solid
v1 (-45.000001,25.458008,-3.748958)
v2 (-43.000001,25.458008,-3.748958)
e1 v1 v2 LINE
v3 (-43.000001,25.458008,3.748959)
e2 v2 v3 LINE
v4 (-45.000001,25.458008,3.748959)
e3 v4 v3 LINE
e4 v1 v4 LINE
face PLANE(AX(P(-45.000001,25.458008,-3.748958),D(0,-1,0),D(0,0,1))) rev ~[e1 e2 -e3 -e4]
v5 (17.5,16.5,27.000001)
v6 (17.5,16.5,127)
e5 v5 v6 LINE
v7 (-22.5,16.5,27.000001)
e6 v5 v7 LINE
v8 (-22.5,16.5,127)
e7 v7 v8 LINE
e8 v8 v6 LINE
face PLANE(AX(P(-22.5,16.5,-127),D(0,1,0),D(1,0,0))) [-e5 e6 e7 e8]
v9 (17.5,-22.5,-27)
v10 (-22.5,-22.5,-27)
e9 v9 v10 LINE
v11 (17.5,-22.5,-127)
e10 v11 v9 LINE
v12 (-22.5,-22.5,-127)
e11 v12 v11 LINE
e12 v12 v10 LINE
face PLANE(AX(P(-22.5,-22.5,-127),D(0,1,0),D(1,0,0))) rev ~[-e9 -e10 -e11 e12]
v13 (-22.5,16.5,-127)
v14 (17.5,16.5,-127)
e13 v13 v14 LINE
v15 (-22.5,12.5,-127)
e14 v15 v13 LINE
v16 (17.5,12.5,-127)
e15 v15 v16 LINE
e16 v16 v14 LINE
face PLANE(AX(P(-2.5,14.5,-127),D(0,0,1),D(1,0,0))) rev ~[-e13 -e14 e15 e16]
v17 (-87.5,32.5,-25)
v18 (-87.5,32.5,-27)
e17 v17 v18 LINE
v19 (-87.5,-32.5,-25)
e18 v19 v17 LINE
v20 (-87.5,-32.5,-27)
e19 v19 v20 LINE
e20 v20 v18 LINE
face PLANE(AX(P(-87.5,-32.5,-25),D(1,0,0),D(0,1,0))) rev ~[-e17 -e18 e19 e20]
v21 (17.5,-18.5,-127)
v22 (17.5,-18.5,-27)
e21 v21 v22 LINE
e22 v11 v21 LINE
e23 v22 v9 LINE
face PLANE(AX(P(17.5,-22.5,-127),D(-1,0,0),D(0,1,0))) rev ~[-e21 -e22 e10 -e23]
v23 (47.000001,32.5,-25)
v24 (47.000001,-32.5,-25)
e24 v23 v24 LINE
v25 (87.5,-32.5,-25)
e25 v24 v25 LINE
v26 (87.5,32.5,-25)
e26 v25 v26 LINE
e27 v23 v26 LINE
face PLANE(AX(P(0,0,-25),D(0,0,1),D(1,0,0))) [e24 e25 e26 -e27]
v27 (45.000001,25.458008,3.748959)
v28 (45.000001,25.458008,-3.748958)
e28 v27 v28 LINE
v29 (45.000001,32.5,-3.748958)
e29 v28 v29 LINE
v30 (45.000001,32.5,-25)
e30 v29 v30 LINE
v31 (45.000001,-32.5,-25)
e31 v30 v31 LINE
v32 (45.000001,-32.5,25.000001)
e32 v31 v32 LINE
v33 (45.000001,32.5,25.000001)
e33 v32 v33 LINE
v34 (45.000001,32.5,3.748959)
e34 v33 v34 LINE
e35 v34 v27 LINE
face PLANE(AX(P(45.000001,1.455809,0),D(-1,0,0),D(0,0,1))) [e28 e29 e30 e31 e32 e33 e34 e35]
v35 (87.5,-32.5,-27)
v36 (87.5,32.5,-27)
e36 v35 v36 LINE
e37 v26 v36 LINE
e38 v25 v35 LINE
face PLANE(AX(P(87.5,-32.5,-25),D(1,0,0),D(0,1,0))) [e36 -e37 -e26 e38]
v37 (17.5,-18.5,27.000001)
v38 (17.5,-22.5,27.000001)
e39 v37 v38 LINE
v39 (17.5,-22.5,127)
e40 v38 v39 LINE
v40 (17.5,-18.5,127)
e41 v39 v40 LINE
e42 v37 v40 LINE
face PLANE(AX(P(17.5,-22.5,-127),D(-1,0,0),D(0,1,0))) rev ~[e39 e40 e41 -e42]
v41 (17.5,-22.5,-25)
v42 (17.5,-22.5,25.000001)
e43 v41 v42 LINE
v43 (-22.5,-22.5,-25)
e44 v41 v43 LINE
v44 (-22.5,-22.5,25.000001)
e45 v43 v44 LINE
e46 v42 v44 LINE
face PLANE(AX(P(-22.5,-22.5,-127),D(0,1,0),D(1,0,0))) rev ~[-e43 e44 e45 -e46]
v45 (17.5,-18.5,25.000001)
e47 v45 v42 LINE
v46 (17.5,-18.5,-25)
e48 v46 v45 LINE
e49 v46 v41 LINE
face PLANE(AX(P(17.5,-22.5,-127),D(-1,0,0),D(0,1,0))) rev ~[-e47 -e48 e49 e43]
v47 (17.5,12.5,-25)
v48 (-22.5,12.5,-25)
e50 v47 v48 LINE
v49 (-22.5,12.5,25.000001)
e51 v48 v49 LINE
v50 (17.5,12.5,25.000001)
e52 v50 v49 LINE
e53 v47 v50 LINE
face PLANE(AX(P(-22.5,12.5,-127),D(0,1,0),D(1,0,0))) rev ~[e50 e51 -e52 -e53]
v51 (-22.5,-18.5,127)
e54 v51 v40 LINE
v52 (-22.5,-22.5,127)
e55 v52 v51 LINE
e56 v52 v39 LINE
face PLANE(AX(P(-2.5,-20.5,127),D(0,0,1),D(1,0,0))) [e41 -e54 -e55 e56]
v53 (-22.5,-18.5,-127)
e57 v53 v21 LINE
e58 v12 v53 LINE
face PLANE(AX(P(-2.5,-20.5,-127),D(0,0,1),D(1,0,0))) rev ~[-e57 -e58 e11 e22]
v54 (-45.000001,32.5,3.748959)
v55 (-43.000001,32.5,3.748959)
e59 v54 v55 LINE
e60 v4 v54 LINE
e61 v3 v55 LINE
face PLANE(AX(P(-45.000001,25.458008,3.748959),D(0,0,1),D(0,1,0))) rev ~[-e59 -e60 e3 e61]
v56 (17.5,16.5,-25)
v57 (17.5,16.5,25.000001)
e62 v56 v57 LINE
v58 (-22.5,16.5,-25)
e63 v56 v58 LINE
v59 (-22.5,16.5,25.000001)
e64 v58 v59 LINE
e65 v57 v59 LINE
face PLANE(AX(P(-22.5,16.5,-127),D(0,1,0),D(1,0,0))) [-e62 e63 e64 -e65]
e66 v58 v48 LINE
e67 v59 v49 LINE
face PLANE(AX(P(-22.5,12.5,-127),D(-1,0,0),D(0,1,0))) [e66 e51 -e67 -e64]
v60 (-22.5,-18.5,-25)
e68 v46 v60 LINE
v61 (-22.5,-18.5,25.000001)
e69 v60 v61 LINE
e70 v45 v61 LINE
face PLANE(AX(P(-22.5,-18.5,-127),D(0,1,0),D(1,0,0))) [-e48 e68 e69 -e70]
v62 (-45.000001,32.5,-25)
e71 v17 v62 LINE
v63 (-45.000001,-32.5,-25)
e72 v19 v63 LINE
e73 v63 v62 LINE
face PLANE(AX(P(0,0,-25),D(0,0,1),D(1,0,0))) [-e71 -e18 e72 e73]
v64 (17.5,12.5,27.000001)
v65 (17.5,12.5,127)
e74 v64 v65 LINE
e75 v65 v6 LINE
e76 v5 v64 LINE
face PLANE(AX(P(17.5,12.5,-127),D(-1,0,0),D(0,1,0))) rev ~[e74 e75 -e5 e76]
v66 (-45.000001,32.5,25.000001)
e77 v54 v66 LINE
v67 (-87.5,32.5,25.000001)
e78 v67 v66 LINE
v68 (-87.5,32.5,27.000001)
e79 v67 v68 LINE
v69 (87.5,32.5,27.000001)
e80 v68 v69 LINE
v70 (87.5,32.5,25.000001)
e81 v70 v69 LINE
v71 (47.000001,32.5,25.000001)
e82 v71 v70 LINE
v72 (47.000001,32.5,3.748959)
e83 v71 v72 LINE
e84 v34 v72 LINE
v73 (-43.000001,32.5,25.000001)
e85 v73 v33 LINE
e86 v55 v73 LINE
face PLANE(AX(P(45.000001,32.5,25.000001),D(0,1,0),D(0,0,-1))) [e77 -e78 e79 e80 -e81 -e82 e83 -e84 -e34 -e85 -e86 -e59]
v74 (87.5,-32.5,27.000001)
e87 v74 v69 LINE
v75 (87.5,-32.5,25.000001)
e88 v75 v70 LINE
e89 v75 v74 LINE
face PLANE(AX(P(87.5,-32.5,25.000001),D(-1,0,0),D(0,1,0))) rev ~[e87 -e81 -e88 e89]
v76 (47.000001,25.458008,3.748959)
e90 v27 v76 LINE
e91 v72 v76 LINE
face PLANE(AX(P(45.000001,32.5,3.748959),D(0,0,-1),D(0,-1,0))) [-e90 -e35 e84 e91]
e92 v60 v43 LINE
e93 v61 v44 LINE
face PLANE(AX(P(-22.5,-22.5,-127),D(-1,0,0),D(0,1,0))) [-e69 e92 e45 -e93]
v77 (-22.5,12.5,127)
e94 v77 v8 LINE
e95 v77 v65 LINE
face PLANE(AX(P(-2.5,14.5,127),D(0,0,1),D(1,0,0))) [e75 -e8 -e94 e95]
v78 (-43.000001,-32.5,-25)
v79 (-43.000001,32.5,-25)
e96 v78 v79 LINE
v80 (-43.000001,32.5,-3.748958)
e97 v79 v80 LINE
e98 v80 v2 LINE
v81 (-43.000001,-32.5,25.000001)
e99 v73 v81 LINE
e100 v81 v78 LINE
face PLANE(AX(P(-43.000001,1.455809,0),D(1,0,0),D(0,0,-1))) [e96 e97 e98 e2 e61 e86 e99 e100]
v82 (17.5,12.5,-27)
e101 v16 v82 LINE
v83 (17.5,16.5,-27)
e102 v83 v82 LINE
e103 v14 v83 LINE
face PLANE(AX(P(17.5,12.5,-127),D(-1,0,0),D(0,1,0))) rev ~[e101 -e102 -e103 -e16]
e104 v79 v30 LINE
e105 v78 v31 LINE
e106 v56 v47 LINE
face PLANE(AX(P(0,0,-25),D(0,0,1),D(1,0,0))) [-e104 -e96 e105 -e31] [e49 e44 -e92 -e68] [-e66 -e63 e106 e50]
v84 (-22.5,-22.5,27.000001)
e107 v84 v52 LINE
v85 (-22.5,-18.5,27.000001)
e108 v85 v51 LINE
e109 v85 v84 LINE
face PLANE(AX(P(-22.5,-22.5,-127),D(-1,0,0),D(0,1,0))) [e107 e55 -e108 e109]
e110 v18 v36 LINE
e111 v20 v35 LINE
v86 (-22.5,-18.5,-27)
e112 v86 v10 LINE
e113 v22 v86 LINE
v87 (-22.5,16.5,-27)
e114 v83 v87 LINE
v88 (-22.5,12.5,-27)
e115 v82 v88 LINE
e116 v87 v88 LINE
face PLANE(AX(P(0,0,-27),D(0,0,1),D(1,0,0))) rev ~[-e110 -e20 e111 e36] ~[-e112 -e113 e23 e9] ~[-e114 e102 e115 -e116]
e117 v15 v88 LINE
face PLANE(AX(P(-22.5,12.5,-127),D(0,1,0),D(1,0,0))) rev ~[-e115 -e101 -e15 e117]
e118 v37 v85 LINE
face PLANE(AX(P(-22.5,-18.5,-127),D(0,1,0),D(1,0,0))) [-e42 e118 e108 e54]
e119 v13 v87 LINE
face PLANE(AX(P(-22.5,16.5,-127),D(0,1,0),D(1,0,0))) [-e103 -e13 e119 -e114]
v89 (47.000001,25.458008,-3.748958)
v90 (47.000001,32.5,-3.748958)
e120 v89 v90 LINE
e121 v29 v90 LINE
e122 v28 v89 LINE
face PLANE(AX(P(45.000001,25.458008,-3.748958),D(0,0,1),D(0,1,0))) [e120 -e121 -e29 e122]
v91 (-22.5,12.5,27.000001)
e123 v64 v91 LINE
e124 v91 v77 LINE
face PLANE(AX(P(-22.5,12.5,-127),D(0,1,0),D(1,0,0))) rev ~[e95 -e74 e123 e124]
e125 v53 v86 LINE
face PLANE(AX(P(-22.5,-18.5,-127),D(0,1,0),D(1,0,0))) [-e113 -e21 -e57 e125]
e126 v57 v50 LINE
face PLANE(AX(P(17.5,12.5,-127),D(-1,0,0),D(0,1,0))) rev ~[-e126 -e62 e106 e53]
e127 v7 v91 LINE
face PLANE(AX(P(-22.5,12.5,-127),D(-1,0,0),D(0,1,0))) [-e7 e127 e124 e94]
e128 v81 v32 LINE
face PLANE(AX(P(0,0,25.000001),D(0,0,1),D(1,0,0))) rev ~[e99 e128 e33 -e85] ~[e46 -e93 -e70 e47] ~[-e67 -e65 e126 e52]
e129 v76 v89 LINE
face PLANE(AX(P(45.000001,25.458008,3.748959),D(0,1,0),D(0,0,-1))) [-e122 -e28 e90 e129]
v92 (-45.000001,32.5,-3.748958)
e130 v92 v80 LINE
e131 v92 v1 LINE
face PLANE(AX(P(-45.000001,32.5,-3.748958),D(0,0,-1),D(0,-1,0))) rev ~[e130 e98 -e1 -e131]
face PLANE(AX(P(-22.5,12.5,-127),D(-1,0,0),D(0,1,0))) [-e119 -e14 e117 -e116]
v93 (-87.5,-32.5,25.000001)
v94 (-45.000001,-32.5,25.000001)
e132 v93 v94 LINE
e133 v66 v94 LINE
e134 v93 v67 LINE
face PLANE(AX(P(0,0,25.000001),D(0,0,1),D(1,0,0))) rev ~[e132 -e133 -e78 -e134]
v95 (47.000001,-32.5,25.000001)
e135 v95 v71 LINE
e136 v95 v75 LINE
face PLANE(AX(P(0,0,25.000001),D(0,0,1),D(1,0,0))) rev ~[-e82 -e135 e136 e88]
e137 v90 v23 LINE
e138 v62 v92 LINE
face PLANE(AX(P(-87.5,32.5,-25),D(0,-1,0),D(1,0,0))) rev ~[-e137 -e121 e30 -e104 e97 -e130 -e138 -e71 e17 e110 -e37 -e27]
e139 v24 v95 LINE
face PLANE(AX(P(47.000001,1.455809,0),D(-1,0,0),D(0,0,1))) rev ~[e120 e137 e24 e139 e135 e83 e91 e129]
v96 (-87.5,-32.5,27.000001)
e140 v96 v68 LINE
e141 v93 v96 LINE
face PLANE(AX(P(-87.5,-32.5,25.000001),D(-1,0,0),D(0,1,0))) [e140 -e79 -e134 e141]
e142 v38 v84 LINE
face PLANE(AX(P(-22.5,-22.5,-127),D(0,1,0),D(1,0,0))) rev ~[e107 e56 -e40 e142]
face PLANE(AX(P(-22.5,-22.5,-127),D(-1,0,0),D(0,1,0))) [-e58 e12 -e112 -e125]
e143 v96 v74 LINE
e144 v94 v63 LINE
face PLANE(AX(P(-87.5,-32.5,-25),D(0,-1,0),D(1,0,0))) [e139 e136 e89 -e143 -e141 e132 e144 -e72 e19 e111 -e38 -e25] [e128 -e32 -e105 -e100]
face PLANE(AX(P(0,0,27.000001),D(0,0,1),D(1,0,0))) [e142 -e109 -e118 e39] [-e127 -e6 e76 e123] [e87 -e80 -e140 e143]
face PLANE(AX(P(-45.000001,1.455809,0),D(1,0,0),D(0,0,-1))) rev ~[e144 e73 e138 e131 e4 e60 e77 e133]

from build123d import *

# Parameters (mm, degrees)
SKETCH1_W                = 175
SKETCH1_H                = 65
BOSS_EXTRUDE1_DEPTH      = 2
SKETCH2_W                = 175
SKETCH2_H                = 65
BOSS_EXTRUDE2_DEPTH      = 2
BOSS_EXTRUDE3_DEPTH      = 127
BOSS_EXTRUDE3_DEPTH_BACK = 127
SKETCH3_W                = 40
SKETCH3_H                = 4
BOSS_EXTRUDE4_DEPTH      = 2
BOSS_EXTRUDE5_DEPTH      = 2


with BuildPart() as part:
    # Sketch1 → Boss-Extrude1 (new body)
    with BuildSketch(Plane.XY.offset(25.0000008)):
        Rectangle(SKETCH1_W, SKETCH1_H)
    extrude(amount=BOSS_EXTRUDE1_DEPTH)



with BuildPart() as body_2:
    # Sketch2 → Boss-Extrude2 (new body)
    with BuildSketch(Plane.XY.offset(-25)):
        Rectangle(SKETCH2_W, SKETCH2_H)
    extrude(amount=-BOSS_EXTRUDE2_DEPTH)


with BuildPart() as part_1:
    add(part.part)

    add(body_2.part)  # Boss-Extrude3 merges body 2
    # Sketch3 → Boss-Extrude3 (add, two sides: drawn at the far end of the back side and taken through both)
    with BuildSketch(Plane.XY.offset(-BOSS_EXTRUDE3_DEPTH_BACK)):
        with Locations((-2.5, 14.5)):
            Rectangle(SKETCH3_W, SKETCH3_H)
        with Locations((-2.5, -20.5)):
            Rectangle(SKETCH3_W, SKETCH3_H)
    extrude(amount=BOSS_EXTRUDE3_DEPTH + BOSS_EXTRUDE3_DEPTH_BACK)

    # Sketch4 → Boss-Extrude4 (add)
    with BuildSketch(Plane(origin=(45.00000144, 0, 0), x_dir=(0, 0, -1), z_dir=(1, 0, 0))):
        Polygon((3.748957701, 32.5), (25, 32.5), (25, -32.5), (-25.0000008, -32.5), (-25.0000008, 32.5), (-3.748958501, 32.5), (-3.748958501, 25.45800753), (3.748957701, 25.45800753), align=None)
    extrude(amount=BOSS_EXTRUDE4_DEPTH)

    # Sketch5 → Boss-Extrude5 (add)
    with BuildSketch(Plane(origin=(-45.00000144, 0, 0), x_dir=(0, 0, -1), z_dir=(1, 0, 0))):
        Polygon((-25.0000008, 32.5), (-25.0000008, -32.5), (25, -32.5), (25, 32.5), (3.748957701, 32.5), (3.748957701, 25.45800753), (-3.748958501, 25.45800753), (-3.748958501, 32.5), align=None)
    extrude(amount=BOSS_EXTRUDE5_DEPTH)


solid = part_1.part
